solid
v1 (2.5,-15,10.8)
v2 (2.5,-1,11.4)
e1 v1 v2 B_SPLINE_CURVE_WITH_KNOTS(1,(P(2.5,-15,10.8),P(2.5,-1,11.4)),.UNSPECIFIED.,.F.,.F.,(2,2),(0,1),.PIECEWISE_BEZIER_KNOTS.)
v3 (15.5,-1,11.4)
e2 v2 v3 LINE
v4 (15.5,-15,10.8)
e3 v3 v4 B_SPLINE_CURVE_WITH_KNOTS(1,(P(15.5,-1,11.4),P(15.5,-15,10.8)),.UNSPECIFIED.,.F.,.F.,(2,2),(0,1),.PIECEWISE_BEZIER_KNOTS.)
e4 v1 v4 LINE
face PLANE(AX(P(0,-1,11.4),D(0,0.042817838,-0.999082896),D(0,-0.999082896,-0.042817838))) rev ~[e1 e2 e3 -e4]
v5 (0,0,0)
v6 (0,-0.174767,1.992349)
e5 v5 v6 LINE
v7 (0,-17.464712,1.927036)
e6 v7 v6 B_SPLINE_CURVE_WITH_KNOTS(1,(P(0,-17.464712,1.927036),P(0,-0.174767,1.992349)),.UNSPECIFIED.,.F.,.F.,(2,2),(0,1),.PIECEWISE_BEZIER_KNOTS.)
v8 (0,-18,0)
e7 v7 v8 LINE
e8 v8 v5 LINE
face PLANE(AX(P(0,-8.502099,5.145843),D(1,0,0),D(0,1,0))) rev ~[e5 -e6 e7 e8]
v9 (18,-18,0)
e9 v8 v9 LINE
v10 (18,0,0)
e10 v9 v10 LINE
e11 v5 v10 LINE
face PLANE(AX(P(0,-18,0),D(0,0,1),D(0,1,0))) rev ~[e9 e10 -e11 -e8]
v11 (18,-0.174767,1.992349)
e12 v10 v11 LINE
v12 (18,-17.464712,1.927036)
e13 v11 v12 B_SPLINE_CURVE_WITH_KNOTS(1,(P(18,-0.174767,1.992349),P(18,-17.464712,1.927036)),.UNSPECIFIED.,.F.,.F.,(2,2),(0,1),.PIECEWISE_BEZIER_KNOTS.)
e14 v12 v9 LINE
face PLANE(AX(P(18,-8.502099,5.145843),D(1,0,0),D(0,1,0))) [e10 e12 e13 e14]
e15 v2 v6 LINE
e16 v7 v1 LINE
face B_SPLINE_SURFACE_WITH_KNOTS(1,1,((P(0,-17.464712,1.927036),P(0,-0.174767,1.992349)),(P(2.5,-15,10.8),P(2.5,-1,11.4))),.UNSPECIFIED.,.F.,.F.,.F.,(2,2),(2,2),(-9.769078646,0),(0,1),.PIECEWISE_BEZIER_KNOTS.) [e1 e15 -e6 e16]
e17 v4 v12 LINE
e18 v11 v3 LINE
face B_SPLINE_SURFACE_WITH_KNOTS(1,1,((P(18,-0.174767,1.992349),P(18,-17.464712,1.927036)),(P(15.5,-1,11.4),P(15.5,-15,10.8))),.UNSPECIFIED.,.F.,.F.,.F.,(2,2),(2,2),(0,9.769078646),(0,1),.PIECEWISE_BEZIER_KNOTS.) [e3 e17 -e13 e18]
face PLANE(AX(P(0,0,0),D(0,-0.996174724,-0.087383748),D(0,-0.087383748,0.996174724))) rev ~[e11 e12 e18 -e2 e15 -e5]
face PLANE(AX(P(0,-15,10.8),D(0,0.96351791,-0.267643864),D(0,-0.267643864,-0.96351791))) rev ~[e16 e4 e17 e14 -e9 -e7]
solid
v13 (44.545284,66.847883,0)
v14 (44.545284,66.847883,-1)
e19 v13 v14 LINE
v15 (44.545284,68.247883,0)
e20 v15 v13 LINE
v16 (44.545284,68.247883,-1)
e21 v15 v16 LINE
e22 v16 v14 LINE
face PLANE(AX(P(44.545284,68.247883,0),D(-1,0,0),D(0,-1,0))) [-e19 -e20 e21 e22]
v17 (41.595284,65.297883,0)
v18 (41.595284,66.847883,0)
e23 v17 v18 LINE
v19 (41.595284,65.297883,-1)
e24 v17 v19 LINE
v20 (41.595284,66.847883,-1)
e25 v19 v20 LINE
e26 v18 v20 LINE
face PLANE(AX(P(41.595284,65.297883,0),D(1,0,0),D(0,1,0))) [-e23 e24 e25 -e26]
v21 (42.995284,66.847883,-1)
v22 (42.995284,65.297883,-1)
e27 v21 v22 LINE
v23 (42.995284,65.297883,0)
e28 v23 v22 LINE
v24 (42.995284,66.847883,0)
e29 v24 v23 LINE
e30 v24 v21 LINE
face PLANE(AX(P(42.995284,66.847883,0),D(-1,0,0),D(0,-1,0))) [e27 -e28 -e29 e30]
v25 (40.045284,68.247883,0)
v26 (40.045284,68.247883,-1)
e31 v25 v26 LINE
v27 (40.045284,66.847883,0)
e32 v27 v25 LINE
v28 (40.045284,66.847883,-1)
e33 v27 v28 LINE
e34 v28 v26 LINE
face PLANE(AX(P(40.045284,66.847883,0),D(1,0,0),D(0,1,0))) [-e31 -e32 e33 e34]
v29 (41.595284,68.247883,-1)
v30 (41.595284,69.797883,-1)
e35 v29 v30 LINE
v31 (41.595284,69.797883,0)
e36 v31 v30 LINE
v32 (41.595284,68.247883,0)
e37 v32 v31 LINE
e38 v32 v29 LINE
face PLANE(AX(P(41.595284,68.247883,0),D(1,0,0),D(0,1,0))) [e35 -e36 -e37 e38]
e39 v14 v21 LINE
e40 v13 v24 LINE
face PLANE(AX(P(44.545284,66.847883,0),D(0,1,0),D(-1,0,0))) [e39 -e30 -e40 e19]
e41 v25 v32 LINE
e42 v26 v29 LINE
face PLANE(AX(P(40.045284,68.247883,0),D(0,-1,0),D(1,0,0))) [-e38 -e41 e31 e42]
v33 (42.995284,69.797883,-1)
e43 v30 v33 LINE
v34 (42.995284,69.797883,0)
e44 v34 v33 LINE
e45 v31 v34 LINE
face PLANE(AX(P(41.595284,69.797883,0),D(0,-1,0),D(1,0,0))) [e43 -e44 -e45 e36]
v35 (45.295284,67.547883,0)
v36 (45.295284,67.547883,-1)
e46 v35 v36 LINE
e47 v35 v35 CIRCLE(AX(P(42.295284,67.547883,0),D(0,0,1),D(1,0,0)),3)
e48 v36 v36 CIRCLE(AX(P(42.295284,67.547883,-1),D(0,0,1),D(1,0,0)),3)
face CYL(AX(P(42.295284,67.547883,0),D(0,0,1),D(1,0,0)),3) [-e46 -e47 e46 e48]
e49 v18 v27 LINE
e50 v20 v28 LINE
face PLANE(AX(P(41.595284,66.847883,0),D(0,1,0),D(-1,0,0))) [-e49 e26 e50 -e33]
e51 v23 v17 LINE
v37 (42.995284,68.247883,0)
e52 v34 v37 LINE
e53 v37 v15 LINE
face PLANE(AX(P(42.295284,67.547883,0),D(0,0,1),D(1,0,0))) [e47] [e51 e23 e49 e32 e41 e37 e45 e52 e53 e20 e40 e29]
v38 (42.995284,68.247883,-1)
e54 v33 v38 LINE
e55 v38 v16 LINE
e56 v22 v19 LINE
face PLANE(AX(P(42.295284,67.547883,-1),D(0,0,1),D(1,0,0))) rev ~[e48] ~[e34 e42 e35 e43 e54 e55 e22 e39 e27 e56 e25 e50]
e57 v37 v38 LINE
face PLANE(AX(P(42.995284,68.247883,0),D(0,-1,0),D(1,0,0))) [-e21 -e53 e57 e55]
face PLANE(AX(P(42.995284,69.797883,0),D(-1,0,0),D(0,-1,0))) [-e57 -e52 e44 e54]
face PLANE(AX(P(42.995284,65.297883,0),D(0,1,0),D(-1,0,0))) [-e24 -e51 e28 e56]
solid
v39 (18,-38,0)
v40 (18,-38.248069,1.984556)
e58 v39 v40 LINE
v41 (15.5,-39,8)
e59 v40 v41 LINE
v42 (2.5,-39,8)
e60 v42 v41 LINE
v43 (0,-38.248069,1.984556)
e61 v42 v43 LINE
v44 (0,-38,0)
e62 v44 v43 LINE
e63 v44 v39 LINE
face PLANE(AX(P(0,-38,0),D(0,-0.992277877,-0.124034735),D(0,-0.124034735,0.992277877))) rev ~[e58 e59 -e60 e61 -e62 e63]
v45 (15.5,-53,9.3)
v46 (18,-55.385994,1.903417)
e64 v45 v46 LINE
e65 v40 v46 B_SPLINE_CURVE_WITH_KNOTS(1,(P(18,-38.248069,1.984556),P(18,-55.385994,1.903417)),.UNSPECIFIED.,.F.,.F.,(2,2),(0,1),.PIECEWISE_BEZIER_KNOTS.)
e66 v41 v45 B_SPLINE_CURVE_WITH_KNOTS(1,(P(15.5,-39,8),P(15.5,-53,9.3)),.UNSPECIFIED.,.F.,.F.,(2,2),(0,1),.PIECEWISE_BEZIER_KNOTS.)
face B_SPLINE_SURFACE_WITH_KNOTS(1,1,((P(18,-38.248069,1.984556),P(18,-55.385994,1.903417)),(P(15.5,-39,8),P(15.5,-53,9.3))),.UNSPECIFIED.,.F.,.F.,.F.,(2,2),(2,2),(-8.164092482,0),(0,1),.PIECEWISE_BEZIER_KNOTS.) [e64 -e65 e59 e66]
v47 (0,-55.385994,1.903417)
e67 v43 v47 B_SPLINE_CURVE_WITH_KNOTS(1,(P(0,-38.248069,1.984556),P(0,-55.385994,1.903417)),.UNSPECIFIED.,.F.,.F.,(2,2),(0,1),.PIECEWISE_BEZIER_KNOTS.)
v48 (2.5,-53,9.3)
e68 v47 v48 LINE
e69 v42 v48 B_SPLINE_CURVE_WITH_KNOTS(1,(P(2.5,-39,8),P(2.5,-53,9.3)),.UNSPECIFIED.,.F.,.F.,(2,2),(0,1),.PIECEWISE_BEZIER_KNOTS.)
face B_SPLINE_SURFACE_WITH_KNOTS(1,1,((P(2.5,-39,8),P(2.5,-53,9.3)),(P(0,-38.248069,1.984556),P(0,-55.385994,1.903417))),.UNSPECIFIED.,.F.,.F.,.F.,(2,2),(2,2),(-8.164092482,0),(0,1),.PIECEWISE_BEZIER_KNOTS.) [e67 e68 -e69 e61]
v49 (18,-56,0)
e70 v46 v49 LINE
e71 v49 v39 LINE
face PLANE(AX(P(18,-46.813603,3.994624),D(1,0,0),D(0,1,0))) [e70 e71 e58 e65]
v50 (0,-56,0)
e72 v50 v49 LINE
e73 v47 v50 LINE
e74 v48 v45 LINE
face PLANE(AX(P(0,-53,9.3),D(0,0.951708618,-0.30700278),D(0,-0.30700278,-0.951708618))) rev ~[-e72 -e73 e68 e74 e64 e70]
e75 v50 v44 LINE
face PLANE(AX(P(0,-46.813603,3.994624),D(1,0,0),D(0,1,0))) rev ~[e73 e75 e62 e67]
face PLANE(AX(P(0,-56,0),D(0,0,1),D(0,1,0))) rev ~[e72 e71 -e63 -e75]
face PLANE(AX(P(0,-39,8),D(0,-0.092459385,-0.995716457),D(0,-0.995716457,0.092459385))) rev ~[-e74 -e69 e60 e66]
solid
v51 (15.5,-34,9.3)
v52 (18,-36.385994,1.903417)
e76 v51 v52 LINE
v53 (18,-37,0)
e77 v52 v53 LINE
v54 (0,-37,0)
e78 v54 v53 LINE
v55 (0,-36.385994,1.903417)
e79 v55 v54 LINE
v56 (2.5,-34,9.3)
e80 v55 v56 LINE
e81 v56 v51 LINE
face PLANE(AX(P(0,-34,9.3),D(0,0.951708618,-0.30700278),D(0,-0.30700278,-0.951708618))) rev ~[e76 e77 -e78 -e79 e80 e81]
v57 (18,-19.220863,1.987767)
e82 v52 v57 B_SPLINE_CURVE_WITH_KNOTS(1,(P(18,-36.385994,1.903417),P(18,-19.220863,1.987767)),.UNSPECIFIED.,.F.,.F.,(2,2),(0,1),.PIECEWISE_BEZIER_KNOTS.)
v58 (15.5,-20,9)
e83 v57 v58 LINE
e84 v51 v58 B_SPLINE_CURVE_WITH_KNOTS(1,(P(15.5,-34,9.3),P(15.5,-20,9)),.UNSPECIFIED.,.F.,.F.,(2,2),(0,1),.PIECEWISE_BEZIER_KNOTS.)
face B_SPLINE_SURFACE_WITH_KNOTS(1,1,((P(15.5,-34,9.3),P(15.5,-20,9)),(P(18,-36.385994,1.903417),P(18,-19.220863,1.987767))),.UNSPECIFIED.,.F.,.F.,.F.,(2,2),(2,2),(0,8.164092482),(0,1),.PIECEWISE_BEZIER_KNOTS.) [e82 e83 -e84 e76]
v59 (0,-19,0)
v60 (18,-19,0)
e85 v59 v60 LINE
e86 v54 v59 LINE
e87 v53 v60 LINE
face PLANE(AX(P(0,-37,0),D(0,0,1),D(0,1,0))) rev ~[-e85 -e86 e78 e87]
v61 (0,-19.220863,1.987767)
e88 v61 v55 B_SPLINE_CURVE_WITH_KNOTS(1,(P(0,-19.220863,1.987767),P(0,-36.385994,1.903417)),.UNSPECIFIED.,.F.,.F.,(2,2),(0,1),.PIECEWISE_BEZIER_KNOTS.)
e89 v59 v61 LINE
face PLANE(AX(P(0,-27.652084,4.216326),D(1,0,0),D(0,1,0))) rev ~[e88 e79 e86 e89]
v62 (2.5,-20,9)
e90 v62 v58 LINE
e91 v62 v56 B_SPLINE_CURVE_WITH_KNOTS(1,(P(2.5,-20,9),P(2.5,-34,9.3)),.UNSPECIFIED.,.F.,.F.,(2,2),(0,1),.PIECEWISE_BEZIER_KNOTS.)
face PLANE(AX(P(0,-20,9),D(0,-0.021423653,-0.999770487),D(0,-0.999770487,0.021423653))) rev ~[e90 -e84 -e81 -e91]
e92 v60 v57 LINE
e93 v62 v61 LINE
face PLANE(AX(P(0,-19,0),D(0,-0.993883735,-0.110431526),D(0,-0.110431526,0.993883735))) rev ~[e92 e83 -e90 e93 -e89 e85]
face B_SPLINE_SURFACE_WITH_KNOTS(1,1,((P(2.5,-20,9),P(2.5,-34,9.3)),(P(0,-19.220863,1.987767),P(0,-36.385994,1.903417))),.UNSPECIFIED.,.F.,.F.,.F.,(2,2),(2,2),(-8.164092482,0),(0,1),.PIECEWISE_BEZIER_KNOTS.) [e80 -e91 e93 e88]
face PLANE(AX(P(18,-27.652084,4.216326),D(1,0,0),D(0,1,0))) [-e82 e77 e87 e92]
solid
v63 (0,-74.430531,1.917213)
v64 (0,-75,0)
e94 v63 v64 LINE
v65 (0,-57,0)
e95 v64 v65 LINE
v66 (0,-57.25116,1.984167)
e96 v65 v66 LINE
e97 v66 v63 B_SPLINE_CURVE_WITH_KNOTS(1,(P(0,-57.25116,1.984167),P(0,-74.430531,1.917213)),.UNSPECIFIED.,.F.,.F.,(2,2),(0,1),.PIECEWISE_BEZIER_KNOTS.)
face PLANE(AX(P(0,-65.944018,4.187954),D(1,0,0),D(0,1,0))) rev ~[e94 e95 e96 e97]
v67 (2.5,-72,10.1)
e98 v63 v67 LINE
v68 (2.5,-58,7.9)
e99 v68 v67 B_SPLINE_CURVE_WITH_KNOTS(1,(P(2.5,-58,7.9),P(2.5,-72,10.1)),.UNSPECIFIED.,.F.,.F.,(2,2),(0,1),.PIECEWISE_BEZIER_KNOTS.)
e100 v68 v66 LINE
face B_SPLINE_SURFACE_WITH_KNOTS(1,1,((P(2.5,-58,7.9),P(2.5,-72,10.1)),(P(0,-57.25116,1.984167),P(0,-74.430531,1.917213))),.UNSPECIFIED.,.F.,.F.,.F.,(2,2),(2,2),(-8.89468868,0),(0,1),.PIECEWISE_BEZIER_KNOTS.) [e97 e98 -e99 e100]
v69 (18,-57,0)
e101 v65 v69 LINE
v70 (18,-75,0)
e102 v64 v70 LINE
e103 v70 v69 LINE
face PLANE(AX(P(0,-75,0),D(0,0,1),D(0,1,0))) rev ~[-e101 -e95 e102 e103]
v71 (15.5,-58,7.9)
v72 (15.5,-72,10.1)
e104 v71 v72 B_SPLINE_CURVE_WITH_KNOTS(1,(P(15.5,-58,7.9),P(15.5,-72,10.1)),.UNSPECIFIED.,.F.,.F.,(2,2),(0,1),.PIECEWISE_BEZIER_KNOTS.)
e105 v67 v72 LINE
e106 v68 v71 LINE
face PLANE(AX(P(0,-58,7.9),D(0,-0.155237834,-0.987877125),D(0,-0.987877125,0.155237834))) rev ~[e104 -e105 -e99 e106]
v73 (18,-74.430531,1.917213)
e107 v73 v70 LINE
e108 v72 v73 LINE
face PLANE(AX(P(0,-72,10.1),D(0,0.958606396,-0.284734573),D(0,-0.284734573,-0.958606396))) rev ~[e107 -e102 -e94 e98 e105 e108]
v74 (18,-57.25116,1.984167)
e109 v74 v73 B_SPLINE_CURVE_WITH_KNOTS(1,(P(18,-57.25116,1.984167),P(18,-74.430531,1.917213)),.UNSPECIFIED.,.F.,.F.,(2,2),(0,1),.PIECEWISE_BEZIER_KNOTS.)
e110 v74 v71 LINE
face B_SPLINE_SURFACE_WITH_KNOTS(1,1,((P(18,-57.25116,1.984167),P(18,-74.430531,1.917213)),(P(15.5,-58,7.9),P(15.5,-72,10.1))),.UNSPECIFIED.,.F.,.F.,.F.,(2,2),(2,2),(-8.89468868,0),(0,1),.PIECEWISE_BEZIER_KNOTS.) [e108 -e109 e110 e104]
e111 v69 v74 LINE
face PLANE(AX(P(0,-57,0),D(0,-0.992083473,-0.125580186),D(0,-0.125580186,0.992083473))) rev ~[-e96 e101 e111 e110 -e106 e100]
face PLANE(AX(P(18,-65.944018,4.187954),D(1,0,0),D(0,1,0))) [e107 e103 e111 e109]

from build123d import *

# Parameters (mm, degrees)
F1_DEPTH  = 18
F18_R     = 3
F19_DEPTH = 1


with BuildPart() as f1:
    # F0 (on Right) → F1 (new body)
    with BuildSketch(Plane.YZ):
        Polygon((-18, 0), (0, 0), (-1, 11.4), (-15, 10.8), align=None)
    extrude(amount=F1_DEPTH)

    # F15 (on face) → F16 section 0
    with BuildSketch(Plane(origin=(0, -16.7106017192, 4.6418338109), x_dir=(1, 0, 0), z_dir=(0, -0.9635179096, 0.2676438638))):
        Polygon((0, -2.8175895481), (2.5, 6.3913354672), (0, 6.3913354672), align=None)
    # F14 (on face) → F16 section 1
    with BuildSketch(Plane(origin=(0, 0, 0), x_dir=(-1, 0, 0), z_dir=(0, 0.9961747239, 0.0873837477))):
        Polygon((0, 11.4437756007), (-2.5, 11.4437756007), (0, 2), align=None)
    loft(mode=Mode.SUBTRACT)

    # F14 (on face) → F17 section 0
    with BuildSketch(Plane(origin=(0, 0, 0), x_dir=(-1, 0, 0), z_dir=(0, 0.9961747239, 0.0873837477))):
        Polygon((-18, 11.4437756007), (-18, 2), (-15.5, 11.4437756007), align=None)
    # F15 (on face) → F17 section 1
    with BuildSketch(Plane(origin=(0, -16.7106017192, 4.6418338109), x_dir=(1, 0, 0), z_dir=(0, -0.9635179096, 0.2676438638))):
        Polygon((15.5, 6.3913354672), (18, -2.8175895481), (18, 6.3913354672), align=None)
    loft(mode=Mode.SUBTRACT)


with BuildPart() as f1b:
    # F0 (on Right) → F1, piece 2 (new body)
    with BuildSketch(Plane.YZ):
        Polygon((-37, 0), (-19, 0), (-20, 9), (-34, 9.3), align=None)
    extrude(amount=F1_DEPTH)

    # F11 (on face) → F12 section 0
    with BuildSketch(Plane(origin=(0, -33.5127238454, 10.8105560792), x_dir=(1, 0, 0), z_dir=(0, -0.9517086178, 0.3070027799))):
        Polygon((15.5, -1.5872043722), (18, -9.3591028571), (18, -1.5872043722), align=None)
    # F10 (on face) → F12 section 1
    with BuildSketch(Plane(origin=(0, -18.7682926829, -2.0853658537), x_dir=(-1, 0, 0), z_dir=(0, 0.9938837347, 0.1104315261))):
        Polygon((-18, 11.1535841336), (-18, 4.0981989954), (-15.5, 11.1535841336), align=None)
    loft(mode=Mode.SUBTRACT)

    # F10 (on face) → F13 section 0
    with BuildSketch(Plane(origin=(0, -18.7682926829, -2.0853658537), x_dir=(-1, 0, 0), z_dir=(0, 0.9938837347, 0.1104315261))):
        Polygon((0, 11.1535841336), (-2.5, 11.1535841336), (0, 4.0981989954), align=None)
    # F11 (on face) → F13 section 1
    with BuildSketch(Plane(origin=(0, -33.5127238454, 10.8105560792), x_dir=(1, 0, 0), z_dir=(0, -0.9517086178, 0.3070027799))):
        Polygon((0, -9.3591028571), (2.5, -1.5872043722), (0, -1.5872043722), align=None)
    loft(mode=Mode.SUBTRACT)


with BuildPart() as f1c:
    # F0 (on Right) → F1, piece 3 (new body)
    with BuildSketch(Plane.YZ):
        Polygon((-56, 0), (-38, 0), (-39, 8), (-53, 9.3), align=None)
    extrude(amount=F1_DEPTH)

    # F2 (on face) → F4 section 0
    with BuildSketch(Plane(origin=(0, -37.4153846154, -4.6769230769), x_dir=(-1, 0, 0), z_dir=(0, 0.9922778767, 0.1240347346))):
        Polygon((-18, 12.7755776627), (-18, 6.7133199144), (-15.5, 12.7755776627), align=None)
    # F3 (on face) → F4 section 1
    with BuildSketch(Plane(origin=(0, -50.7219604147, 16.3619227144), x_dir=(1, 0, 0), z_dir=(0, -0.9517086178, 0.3070027799))):
        Polygon((15.5, -7.4202571907), (18, -15.1921556757), (18, -7.4202571907), align=None)
    loft(mode=Mode.SUBTRACT)

    # F2 (on face) → F5 section 0
    with BuildSketch(Plane(origin=(0, -37.4153846154, -4.6769230769), x_dir=(-1, 0, 0), z_dir=(0, 0.9922778767, 0.1240347346))):
        Polygon((0, 12.7755776627), (-2.5, 12.7755776627), (0, 6.7133199144), align=None)
    # F3 (on face) → F5 section 1
    with BuildSketch(Plane(origin=(0, -50.7219604147, 16.3619227144), x_dir=(1, 0, 0), z_dir=(0, -0.9517086178, 0.3070027799))):
        Polygon((0, -15.1921556757), (2.5, -7.4202571907), (0, -7.4202571907), align=None)
    loft(mode=Mode.SUBTRACT)


with BuildPart() as f1d:
    # F0 (on Right) → F1, piece 4 (new body)
    with BuildSketch(Plane.YZ):
        Polygon((-75, 0), (-57, 0), (-58, 7.9), (-72, 10.1), align=None)
    extrude(amount=F1_DEPTH)

    # F6 (on face) → F8 section 0
    with BuildSketch(Plane(origin=(0, -56.1010881564, -7.1014035641), x_dir=(-1, 0, 0), z_dir=(0, 0.9920834727, 0.1255801864))):
        Polygon((-18, 15.1211102464), (-18, 9.1580706257), (-15.5, 15.1211102464), align=None)
    # F7 (on face) → F8 section 1
    with BuildSketch(Plane(origin=(0, -68.9194667147, 20.4711287271), x_dir=(1, 0, 0), z_dir=(0, -0.9586063962, 0.2847345731))):
        Polygon((18, -10.8189646638), (15.5, -10.8189646638), (18, -19.355092985), align=None)
    loft(mode=Mode.SUBTRACT)

    # F6 (on face) → F9 section 0
    with BuildSketch(Plane(origin=(0, -56.1010881564, -7.1014035641), x_dir=(-1, 0, 0), z_dir=(0, 0.9920834727, 0.1255801864))):
        Polygon((0, 15.1211102464), (-2.5, 15.1211102464), (0, 9.1580706257), align=None)
    # F7 (on face) → F9 section 1
    with BuildSketch(Plane(origin=(0, -68.9194667147, 20.4711287271), x_dir=(1, 0, 0), z_dir=(0, -0.9586063962, 0.2847345731))):
        Polygon((0, -10.8189646638), (0, -19.355092985), (2.5, -10.8189646638), align=None)
    loft(mode=Mode.SUBTRACT)


with BuildPart() as f19:
    # F18 (on Top) → F19 (new body)
    with BuildSketch(Plane.XY):
        with Locations((42.2952837348, 67.5478831649)):
            Circle(F18_R)
        Polygon((40.0452837348, 68.2478831649), (41.5952837348, 68.2478831649), (41.5952837348, 69.7978831649), (42.9952837348, 69.7978831649), (42.9952837348, 68.2478831649), (44.5452837348, 68.2478831649), (44.5452837348, 66.8478831649), (42.9952837348, 66.8478831649), (42.9952837348, 65.2978831649), (41.5952837348, 65.2978831649), (41.5952837348, 66.8478831649), (40.0452837348, 66.8478831649), align=None, mode=Mode.SUBTRACT)
    extrude(amount=-F19_DEPTH)


solid = Compound([f1.part, f1b.part, f1c.part, f1d.part, f19.part])
